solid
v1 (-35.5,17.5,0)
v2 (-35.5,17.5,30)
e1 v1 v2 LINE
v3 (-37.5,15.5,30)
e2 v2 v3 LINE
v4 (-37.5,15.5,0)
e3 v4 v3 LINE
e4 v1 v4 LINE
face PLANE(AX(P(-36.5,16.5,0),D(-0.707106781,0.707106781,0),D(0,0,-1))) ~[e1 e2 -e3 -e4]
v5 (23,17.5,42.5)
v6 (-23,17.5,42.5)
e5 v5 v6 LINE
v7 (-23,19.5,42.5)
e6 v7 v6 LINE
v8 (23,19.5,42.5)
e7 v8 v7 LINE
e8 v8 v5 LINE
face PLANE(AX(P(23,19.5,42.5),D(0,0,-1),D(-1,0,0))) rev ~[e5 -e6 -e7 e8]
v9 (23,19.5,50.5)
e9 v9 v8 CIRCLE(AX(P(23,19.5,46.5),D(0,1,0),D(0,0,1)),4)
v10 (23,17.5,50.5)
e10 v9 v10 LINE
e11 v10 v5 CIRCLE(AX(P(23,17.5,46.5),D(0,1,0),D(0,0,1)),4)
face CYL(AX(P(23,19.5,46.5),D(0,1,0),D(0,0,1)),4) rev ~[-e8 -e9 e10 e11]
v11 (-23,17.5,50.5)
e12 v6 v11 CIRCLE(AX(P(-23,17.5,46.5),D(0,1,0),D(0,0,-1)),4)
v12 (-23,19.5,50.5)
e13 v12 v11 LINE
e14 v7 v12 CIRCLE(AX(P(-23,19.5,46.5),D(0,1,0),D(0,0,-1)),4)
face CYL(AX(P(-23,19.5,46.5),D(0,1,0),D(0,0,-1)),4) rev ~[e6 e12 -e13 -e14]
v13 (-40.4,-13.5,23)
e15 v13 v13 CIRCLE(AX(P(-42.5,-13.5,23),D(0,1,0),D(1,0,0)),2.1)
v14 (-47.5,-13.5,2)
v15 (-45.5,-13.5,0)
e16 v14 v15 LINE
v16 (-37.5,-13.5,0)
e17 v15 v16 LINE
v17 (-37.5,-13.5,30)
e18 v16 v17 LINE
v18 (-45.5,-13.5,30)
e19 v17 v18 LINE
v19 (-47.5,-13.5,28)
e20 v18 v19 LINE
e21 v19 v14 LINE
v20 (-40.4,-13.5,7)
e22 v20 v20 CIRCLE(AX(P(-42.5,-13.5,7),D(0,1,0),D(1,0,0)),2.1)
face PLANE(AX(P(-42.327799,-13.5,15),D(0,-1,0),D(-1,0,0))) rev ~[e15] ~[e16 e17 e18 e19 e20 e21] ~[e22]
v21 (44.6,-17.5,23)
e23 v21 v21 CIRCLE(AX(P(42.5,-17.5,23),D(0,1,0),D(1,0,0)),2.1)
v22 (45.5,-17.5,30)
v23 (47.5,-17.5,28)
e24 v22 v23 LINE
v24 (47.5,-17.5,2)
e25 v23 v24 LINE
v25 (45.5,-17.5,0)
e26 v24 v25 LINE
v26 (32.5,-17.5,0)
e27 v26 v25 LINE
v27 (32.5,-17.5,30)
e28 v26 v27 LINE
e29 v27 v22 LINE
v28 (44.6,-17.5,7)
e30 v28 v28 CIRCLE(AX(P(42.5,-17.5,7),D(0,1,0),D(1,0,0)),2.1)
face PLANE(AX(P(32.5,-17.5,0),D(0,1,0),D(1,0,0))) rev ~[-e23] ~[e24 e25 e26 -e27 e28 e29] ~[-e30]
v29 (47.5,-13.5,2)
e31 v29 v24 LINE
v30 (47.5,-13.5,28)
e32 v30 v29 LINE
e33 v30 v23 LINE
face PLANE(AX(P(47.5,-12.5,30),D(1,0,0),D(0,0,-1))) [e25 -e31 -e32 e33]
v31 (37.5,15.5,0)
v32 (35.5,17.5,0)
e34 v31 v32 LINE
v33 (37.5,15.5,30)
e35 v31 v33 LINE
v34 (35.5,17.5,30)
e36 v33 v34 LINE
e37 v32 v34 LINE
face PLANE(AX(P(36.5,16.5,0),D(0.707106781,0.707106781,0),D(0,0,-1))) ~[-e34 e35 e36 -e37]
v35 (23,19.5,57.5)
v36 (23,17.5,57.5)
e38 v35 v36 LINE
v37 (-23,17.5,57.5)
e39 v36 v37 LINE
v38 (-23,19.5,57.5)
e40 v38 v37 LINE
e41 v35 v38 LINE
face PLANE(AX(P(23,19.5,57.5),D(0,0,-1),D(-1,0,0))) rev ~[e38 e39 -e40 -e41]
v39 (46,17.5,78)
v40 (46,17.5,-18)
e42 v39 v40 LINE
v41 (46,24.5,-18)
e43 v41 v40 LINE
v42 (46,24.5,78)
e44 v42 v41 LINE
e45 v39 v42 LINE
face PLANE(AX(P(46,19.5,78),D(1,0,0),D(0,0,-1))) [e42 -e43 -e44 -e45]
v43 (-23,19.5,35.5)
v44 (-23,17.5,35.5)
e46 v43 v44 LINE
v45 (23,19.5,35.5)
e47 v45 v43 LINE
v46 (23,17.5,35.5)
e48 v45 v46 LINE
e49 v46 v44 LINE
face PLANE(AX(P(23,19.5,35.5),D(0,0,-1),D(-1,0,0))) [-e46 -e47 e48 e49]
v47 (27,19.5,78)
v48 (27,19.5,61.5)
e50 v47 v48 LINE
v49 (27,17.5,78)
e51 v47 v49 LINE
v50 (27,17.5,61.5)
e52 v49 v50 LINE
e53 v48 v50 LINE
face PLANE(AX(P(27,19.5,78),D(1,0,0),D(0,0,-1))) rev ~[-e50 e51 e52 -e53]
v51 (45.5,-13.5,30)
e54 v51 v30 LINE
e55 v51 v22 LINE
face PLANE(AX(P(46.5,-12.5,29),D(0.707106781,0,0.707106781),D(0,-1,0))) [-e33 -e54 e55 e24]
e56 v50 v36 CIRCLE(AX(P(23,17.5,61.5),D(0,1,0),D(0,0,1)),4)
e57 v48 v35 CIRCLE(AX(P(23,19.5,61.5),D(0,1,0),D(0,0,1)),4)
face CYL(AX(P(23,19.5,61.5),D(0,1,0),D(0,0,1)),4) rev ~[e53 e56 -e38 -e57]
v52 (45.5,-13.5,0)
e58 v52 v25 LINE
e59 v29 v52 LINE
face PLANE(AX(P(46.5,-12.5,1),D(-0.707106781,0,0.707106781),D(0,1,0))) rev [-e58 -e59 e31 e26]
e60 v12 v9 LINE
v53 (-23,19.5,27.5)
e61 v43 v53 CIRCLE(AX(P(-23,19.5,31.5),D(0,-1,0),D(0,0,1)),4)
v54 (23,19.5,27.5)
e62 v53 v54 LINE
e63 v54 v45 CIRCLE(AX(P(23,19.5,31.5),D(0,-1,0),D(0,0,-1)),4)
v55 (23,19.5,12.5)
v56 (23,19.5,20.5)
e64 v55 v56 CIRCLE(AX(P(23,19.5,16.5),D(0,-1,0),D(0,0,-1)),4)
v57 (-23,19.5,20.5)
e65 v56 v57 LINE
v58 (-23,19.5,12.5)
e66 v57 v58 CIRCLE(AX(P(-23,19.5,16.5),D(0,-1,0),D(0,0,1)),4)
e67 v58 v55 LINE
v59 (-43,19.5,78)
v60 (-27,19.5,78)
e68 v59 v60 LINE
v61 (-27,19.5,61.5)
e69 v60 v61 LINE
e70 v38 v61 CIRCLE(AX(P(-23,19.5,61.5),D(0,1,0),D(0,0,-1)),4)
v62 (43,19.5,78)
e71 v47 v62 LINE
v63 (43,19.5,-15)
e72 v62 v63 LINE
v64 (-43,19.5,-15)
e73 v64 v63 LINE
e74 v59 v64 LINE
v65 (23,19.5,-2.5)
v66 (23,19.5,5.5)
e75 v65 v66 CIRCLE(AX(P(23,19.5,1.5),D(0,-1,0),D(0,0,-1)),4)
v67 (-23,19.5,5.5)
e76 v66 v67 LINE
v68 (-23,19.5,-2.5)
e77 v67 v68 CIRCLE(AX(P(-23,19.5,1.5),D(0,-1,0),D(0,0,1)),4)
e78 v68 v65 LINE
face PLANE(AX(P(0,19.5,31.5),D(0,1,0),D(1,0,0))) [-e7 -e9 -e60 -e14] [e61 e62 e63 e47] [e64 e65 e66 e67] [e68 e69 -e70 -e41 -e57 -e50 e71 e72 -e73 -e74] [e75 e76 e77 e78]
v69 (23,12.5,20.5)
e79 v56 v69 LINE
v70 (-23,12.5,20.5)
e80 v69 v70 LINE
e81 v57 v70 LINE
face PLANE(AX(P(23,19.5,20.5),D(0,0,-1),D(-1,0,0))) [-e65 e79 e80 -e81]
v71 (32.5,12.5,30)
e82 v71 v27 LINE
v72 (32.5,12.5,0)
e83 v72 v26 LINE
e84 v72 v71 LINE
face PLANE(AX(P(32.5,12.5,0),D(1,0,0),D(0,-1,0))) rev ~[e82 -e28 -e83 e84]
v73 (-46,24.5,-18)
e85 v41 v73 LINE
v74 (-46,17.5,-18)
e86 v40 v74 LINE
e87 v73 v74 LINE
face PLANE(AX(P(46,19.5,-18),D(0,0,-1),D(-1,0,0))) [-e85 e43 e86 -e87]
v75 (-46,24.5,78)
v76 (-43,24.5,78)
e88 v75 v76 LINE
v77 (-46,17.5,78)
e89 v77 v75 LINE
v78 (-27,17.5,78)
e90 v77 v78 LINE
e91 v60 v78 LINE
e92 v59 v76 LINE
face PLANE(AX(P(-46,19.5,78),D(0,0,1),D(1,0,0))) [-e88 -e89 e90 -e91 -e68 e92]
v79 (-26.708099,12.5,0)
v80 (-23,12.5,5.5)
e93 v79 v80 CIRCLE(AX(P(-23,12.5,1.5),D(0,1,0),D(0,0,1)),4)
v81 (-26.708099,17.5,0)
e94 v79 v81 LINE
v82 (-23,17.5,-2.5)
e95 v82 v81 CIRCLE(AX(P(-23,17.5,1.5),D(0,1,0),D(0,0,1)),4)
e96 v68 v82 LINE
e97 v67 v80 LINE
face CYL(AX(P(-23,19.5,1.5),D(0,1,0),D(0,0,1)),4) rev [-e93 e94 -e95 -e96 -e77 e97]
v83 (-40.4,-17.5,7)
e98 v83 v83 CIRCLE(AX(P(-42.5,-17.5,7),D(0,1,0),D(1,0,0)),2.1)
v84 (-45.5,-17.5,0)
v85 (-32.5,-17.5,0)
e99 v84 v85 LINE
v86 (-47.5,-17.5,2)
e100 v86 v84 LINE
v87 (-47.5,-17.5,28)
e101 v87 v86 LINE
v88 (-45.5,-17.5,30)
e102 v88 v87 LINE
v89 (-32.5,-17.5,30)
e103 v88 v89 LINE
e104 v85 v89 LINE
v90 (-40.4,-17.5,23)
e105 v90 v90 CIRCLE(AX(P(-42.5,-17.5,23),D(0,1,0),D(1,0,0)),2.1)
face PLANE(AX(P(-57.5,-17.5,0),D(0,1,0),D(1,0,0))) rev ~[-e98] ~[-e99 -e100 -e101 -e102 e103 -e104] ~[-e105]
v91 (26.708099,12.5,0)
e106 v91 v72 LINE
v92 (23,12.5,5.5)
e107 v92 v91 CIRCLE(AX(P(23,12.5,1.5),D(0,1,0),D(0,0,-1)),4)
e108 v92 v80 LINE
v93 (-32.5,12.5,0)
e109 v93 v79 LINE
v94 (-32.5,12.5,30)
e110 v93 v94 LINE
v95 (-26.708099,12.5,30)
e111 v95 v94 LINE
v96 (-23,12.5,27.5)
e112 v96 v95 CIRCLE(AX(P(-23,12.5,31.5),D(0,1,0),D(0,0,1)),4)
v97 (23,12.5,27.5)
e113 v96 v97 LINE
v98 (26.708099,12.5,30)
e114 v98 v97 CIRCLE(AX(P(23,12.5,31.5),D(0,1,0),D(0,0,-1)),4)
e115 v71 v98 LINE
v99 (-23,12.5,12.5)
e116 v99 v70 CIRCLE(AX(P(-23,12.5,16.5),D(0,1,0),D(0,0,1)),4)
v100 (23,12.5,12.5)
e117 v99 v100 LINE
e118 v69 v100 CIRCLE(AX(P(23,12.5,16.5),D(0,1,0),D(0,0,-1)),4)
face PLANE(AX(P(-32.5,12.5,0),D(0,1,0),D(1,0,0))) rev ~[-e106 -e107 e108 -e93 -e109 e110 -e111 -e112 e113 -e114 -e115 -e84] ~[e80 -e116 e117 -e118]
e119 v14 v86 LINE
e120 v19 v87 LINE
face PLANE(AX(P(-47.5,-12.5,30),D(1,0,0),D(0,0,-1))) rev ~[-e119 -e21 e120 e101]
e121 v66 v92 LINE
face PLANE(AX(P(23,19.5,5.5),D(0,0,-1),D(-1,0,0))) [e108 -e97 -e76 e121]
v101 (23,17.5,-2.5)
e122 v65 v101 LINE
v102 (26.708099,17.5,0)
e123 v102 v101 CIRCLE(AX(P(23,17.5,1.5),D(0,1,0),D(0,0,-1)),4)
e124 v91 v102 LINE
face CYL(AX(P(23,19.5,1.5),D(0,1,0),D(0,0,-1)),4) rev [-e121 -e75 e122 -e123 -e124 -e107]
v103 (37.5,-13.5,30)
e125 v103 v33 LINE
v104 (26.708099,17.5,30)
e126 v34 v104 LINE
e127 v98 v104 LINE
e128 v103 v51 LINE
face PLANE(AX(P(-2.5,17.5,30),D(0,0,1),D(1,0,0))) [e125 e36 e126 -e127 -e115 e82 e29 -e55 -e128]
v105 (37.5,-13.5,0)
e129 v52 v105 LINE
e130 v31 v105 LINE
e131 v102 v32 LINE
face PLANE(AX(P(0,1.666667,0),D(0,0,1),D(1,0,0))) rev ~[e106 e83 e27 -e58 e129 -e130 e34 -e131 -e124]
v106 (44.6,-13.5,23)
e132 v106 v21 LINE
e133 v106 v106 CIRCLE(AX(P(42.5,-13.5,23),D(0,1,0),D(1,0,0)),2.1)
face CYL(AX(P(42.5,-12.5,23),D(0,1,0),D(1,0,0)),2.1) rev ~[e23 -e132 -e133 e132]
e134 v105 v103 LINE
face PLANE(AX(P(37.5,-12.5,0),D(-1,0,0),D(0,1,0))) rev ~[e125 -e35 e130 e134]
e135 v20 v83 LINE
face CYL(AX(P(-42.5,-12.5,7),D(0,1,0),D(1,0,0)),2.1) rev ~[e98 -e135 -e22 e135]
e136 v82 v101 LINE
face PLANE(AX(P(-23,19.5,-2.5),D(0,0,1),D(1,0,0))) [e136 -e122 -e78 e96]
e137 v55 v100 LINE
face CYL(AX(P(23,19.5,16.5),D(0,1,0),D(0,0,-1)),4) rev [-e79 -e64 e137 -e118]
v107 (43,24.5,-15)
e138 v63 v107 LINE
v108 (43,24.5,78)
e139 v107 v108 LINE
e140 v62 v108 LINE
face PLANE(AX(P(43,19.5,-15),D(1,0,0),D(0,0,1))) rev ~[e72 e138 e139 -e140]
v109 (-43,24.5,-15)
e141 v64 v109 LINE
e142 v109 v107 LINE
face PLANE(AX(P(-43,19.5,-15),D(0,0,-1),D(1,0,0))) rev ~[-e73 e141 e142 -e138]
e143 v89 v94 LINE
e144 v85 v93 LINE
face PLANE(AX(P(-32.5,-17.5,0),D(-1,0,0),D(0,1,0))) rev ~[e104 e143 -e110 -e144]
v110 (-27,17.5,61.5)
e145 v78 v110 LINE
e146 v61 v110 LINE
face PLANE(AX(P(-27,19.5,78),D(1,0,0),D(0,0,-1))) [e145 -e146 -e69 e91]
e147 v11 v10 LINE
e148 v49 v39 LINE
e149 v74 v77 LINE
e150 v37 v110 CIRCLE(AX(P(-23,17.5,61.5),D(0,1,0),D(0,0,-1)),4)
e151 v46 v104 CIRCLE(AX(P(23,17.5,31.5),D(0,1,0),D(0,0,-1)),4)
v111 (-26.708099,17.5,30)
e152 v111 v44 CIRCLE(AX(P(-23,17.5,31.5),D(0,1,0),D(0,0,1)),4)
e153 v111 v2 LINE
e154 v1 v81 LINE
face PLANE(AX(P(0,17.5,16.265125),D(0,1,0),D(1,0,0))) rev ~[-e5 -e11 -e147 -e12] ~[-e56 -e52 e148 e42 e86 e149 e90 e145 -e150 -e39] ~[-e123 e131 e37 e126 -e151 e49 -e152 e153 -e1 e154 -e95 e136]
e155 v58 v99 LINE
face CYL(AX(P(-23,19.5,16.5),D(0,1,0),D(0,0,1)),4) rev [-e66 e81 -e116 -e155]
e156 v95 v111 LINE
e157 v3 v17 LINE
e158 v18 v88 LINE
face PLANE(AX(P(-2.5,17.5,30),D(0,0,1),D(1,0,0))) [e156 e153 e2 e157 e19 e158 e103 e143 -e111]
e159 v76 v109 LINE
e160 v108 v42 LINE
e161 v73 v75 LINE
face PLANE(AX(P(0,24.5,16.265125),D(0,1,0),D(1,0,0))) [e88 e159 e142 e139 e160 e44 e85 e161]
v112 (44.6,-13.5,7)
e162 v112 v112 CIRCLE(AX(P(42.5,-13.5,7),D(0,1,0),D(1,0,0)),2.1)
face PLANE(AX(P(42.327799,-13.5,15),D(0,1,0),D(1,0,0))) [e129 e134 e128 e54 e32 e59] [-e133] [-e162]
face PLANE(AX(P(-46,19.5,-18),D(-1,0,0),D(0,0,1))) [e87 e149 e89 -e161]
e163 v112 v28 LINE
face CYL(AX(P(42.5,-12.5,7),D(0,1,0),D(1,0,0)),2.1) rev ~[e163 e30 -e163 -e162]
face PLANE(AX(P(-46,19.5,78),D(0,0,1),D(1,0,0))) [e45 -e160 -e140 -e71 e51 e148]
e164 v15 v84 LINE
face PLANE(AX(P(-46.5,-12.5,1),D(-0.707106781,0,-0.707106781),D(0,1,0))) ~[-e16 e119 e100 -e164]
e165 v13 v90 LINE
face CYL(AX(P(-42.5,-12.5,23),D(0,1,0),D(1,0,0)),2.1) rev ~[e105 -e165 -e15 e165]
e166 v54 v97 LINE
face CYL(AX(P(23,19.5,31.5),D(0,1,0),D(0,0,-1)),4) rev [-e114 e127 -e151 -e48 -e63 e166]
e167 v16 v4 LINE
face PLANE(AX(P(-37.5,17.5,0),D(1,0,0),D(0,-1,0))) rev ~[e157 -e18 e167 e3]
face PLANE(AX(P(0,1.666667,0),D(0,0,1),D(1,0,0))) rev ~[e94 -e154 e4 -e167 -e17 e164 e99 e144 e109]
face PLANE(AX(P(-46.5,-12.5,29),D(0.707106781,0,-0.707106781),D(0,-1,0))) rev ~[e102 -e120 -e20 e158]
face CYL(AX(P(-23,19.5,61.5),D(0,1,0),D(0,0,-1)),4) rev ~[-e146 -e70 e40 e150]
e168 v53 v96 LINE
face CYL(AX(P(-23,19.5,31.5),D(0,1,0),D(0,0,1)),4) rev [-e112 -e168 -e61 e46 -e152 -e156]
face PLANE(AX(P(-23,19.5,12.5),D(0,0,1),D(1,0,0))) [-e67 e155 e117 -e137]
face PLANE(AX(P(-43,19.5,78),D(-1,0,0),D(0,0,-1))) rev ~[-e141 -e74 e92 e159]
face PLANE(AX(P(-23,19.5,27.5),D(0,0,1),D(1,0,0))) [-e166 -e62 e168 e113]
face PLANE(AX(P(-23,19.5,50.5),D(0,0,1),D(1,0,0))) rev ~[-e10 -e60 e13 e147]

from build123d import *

# Parameters (mm, degrees)
BOSS_EXTRUDE1_DEPTH      = 30
SKETCH2_W                = 50
SKETCH2_H                = 20
CUT_EXTRUDE1_DEPTH       = 30
CHAMFER1_SIZE            = 2
SKETCH3_R                = 2.1
CUT_EXTRUDE2_DEPTH       = 30
SKETCH6_W                = 5
SKETCH6_H                = 30
BOSS_EXTRUDE2_DEPTH      = 5
SKETCH8_W                = 50
SKETCH8_H                = 20
BOSS_EXTRUDE3_DEPTH      = 5
SKETCH9_W                = 25
SKETCH9_H                = 30
BOSS_EXTRUDE4_DEPTH      = 5
SKETCH10_W               = 25
SKETCH10_H               = 30
BOSS_EXTRUDE5_DEPTH      = 5
SKETCH12_W               = 10
SKETCH12_H               = 30
CUT_EXTRUDE3_DEPTH       = 10
SKETCH13_R               = 2.1
CUT_EXTRUDE4_DEPTH       = 10
CHAMFER2_SIZE            = 2
SKETCH14_W               = 6.64500098
SKETCH14_H               = 11.940236137
SKETCH14_W_2             = 7.060313542
SKETCH14_H_2             = 8.410079366
BOSS_EXTRUDE6_DEPTH      = 5
SKETCH15_R               = 2.1
CUT_EXTRUDE5_DEPTH       = 5
SKETCH17_W               = 86
SKETCH17_H               = 93
SKETCH17_W_2             = 71
SKETCH17_H_2             = 30
BOSS_EXTRUDE7_DEPTH      = 2
BOSS_EXTRUDE8_DEPTH      = 5
BOSS_EXTRUDE8_DEPTH_BACK = 2
CUT_EXTRUDE7_DEPTH       = 18
CUT_EXTRUDE8_DEPTH       = 1
SKETCH22_W               = 54
SKETCH22_H               = 16.5
CUT_EXTRUDE9_DEPTH       = 10


with BuildPart() as part:
    # Sketch1 → Boss-Extrude1 (new body)
    with BuildSketch(Plane.XY):
        Polygon((-57.5, -17.5), (-37.5, -17.5), (-32.5, -17.5), (-32.5, 12.5), (32.5, 12.5), (32.5, -17.5), (37.5, -17.5), (57.5, -17.5), (57.5, -12.5), (37.5, -12.5), (37.5, 17.5), (-37.5, 17.5), (-37.5, -12.5), (-57.5, -12.5), align=None)
    extrude(amount=BOSS_EXTRUDE1_DEPTH)

    # Sketch2 → Cut-Extrude1 (cut)
    with BuildSketch(Plane(origin=(0, 17.5, 0), x_dir=(1, 0, 0), z_dir=(0, 1, 0))):
        with Locations((0, -15)):
            Rectangle(SKETCH2_W, SKETCH2_H)
    extrude(amount=-CUT_EXTRUDE1_DEPTH, mode=Mode.SUBTRACT)

    # Chamfer1
    chamfer1_edges = [part.edges().sort_by_distance(p)[0] for p in [
        (-37.5, 17.5, 15),
        (37.5, 17.5, 15),
    ]]
    chamfer(chamfer1_edges, length=CHAMFER1_SIZE)

    # Sketch3 → Cut-Extrude2 (cut)
    with BuildSketch(Plane(origin=(0, -12.5, 0), x_dir=(1, 0, 0), z_dir=(0, 1, 0))):
        with Locations((-47.5, -15)):
            Circle(SKETCH3_R)
        with Locations((47.5, -15)):
            Circle(SKETCH3_R)
    extrude(amount=-CUT_EXTRUDE2_DEPTH, mode=Mode.SUBTRACT)

    # Sketch6 → Boss-Extrude2 (add)
    with BuildSketch(Plane(origin=(0, 17.5, 0), x_dir=(1, 0, 0), z_dir=(0, 1, 0))):
        with Locations((0, -15)):
            Rectangle(SKETCH6_W, SKETCH6_H)
    extrude(amount=-BOSS_EXTRUDE2_DEPTH)

    # Sketch8 → Boss-Extrude3 (add)
    with BuildSketch(Plane(origin=(0, 17.5, 0), x_dir=(1, 0, 0), z_dir=(0, 1, 0))):
        with Locations((0, -15)):
            Rectangle(SKETCH8_W, SKETCH8_H)
    extrude(amount=-BOSS_EXTRUDE3_DEPTH)

    # Sketch9 → Boss-Extrude4 (add)
    with BuildSketch(Plane(origin=(0, -17.5, 0), x_dir=(-1, 0, 0), z_dir=(0, -1, 0))):
        with Locations((45, -15)):
            Rectangle(SKETCH9_W, SKETCH9_H)
    extrude(amount=-BOSS_EXTRUDE4_DEPTH)

    # Sketch10 → Boss-Extrude5 (add)
    with BuildSketch(Plane(origin=(0, -17.5, 0), x_dir=(-1, 0, 0), z_dir=(0, -1, 0))):
        with Locations((-45, -15)):
            Rectangle(SKETCH10_W, SKETCH10_H)
    extrude(amount=-BOSS_EXTRUDE5_DEPTH)

    # Sketch12 → Cut-Extrude3 (cut)
    with BuildSketch(Plane(origin=(0, -12.5, 0), x_dir=(1, 0, 0), z_dir=(0, 1, 0))):
        with Locations((52.5, -15)):
            Rectangle(SKETCH12_W, SKETCH12_H)
        with Locations((-52.5, -15)):
            Rectangle(SKETCH12_W, SKETCH12_H)
    extrude(amount=-CUT_EXTRUDE3_DEPTH, mode=Mode.SUBTRACT)

    # Sketch13 → Cut-Extrude4 (cut)
    with BuildSketch(Plane(origin=(0, -12.5, 0), x_dir=(1, 0, 0), z_dir=(0, 1, 0))):
        with Locations((-42.5, -15)):
            Circle(SKETCH13_R)
        with Locations((42.5, -15)):
            Circle(SKETCH13_R)
    extrude(amount=-CUT_EXTRUDE4_DEPTH, mode=Mode.SUBTRACT)

    # Chamfer2
    chamfer2_edges = [part.edges().sort_by_distance(p)[0] for p in [
        (47.5, -15, 0),
        (-47.5, -15, 0),
        (-47.5, -15, 30),
        (47.5, -15, 30),
    ]]
    chamfer(chamfer2_edges, length=CHAMFER2_SIZE)

    # Sketch14 → Boss-Extrude6 (add)
    with BuildSketch(Plane(origin=(0, -12.5, 0), x_dir=(1, 0, 0), z_dir=(0, 1, 0))):
        with Locations((42.569537531, -14.480859299)):
            Rectangle(SKETCH14_W, SKETCH14_H)
        with Locations((-42.25805311, -15)):
            Rectangle(SKETCH14_W_2, SKETCH14_H_2)
    extrude(amount=-BOSS_EXTRUDE6_DEPTH)

    # Sketch15 → Cut-Extrude5 (cut)
    with BuildSketch(Plane(origin=(0, -12.5, 0), x_dir=(1, 0, 0), z_dir=(0, 1, 0))):
        with Locations((-42.5, -7)):
            Circle(SKETCH15_R)
        with Locations((-42.5, -23)):
            Circle(SKETCH15_R)
        with Locations((42.5, -23)):
            Circle(SKETCH15_R)
        with Locations((42.5, -7)):
            Circle(SKETCH15_R)
    extrude(amount=-CUT_EXTRUDE5_DEPTH, mode=Mode.SUBTRACT)

    # Sketch17 → Boss-Extrude7 (add)
    with BuildSketch(Plane(origin=(0, 17.5, 0), x_dir=(1, 0, 0), z_dir=(0, 1, 0))):
        with Locations((0, -31.5)):
            Rectangle(SKETCH17_W, SKETCH17_H)
        with Locations((0, -15)):
            Rectangle(SKETCH17_W_2, SKETCH17_H_2, mode=Mode.SUBTRACT)
        with Locations((0, -15)):
            Rectangle(SKETCH17_W_2, SKETCH17_H_2)
    extrude(amount=BOSS_EXTRUDE7_DEPTH)

    # Sketch18 → Boss-Extrude8 (add, two sides)
    with BuildSketch(Plane(origin=(0, 19.5, 0), x_dir=(1, 0, 0), z_dir=(0, 1, 0))) as boss_extrude8_sk:
        Polygon((-46, 18), (-46, -78), (-43, -78), (-43, 15), (43, 15), (43, -78), (46, -78), (46, 18), align=None)
    extrude(amount=BOSS_EXTRUDE8_DEPTH)
    extrude(boss_extrude8_sk.sketch, amount=-BOSS_EXTRUDE8_DEPTH_BACK)

    # Sketch19 → Cut-Extrude7 (cut)
    with BuildSketch(Plane(origin=(0, 19.5, 0), x_dir=(1, 0, 0), z_dir=(0, 1, 0))):
        with BuildLine():
            Line((-23, 2.5), (23, 2.5))
            ThreePointArc((23, 2.5), (27, -1.5), (23, -5.5))
            Line((23, -5.5), (-23, -5.5))
            ThreePointArc((-23, -5.5), (-27, -1.5), (-23, 2.5))
        make_face()
        with BuildLine():
            Line((-23, -12.5), (23, -12.5))
            ThreePointArc((23, -12.5), (27, -16.5), (23, -20.5))
            Line((23, -20.5), (-23, -20.5))
            ThreePointArc((-23, -20.5), (-27, -16.5), (-23, -12.5))
        make_face()
        with BuildLine():
            Line((-23, -27.5), (23, -27.5))
            ThreePointArc((23, -27.5), (27, -31.5), (23, -35.5))
            Line((23, -35.5), (-23, -35.5))
            ThreePointArc((-23, -35.5), (-27, -31.5), (-23, -27.5))
        make_face()
        with BuildLine():
            Line((-23, -50.5), (23, -50.5))
            ThreePointArc((23, -50.5), (27, -46.5), (23, -42.5))
            Line((23, -42.5), (-23, -42.5))
            ThreePointArc((-23, -42.5), (-27, -46.5), (-23, -50.5))
        make_face()
        with BuildLine():
            Line((-23, -65.5), (23, -65.5))
            ThreePointArc((23, -65.5), (27, -61.5), (23, -57.5))
            Line((23, -57.5), (-23, -57.5))
            ThreePointArc((-23, -57.5), (-27, -61.5), (-23, -65.5))
        make_face()
    extrude(amount=-CUT_EXTRUDE7_DEPTH, mode=Mode.SUBTRACT)

    # Sketch21 → Cut-Extrude8 (cut)
    with BuildSketch(Plane(origin=(0, -12.5, 0), x_dir=(1, 0, 0), z_dir=(0, 1, 0))):
        Polygon((-37.5, 0), (-37.5, -30), (-45.5, -30), (-47.5, -28), (-47.5, -2), (-45.5, 0), align=None)
        Polygon((37.5, 0), (37.5, -30), (45.5, -30), (47.5, -28), (47.5, -2), (45.5, 0), align=None)
    extrude(amount=-CUT_EXTRUDE8_DEPTH, mode=Mode.SUBTRACT)

    # Sketch22 → Cut-Extrude9 (cut)
    with BuildSketch(Plane(origin=(0, 19.5, 0), x_dir=(1, 0, 0), z_dir=(0, 1, 0))):
        with Locations((0, -69.75)):
            Rectangle(SKETCH22_W, SKETCH22_H)
    extrude(amount=-CUT_EXTRUDE9_DEPTH, mode=Mode.SUBTRACT)


solid = part.part
